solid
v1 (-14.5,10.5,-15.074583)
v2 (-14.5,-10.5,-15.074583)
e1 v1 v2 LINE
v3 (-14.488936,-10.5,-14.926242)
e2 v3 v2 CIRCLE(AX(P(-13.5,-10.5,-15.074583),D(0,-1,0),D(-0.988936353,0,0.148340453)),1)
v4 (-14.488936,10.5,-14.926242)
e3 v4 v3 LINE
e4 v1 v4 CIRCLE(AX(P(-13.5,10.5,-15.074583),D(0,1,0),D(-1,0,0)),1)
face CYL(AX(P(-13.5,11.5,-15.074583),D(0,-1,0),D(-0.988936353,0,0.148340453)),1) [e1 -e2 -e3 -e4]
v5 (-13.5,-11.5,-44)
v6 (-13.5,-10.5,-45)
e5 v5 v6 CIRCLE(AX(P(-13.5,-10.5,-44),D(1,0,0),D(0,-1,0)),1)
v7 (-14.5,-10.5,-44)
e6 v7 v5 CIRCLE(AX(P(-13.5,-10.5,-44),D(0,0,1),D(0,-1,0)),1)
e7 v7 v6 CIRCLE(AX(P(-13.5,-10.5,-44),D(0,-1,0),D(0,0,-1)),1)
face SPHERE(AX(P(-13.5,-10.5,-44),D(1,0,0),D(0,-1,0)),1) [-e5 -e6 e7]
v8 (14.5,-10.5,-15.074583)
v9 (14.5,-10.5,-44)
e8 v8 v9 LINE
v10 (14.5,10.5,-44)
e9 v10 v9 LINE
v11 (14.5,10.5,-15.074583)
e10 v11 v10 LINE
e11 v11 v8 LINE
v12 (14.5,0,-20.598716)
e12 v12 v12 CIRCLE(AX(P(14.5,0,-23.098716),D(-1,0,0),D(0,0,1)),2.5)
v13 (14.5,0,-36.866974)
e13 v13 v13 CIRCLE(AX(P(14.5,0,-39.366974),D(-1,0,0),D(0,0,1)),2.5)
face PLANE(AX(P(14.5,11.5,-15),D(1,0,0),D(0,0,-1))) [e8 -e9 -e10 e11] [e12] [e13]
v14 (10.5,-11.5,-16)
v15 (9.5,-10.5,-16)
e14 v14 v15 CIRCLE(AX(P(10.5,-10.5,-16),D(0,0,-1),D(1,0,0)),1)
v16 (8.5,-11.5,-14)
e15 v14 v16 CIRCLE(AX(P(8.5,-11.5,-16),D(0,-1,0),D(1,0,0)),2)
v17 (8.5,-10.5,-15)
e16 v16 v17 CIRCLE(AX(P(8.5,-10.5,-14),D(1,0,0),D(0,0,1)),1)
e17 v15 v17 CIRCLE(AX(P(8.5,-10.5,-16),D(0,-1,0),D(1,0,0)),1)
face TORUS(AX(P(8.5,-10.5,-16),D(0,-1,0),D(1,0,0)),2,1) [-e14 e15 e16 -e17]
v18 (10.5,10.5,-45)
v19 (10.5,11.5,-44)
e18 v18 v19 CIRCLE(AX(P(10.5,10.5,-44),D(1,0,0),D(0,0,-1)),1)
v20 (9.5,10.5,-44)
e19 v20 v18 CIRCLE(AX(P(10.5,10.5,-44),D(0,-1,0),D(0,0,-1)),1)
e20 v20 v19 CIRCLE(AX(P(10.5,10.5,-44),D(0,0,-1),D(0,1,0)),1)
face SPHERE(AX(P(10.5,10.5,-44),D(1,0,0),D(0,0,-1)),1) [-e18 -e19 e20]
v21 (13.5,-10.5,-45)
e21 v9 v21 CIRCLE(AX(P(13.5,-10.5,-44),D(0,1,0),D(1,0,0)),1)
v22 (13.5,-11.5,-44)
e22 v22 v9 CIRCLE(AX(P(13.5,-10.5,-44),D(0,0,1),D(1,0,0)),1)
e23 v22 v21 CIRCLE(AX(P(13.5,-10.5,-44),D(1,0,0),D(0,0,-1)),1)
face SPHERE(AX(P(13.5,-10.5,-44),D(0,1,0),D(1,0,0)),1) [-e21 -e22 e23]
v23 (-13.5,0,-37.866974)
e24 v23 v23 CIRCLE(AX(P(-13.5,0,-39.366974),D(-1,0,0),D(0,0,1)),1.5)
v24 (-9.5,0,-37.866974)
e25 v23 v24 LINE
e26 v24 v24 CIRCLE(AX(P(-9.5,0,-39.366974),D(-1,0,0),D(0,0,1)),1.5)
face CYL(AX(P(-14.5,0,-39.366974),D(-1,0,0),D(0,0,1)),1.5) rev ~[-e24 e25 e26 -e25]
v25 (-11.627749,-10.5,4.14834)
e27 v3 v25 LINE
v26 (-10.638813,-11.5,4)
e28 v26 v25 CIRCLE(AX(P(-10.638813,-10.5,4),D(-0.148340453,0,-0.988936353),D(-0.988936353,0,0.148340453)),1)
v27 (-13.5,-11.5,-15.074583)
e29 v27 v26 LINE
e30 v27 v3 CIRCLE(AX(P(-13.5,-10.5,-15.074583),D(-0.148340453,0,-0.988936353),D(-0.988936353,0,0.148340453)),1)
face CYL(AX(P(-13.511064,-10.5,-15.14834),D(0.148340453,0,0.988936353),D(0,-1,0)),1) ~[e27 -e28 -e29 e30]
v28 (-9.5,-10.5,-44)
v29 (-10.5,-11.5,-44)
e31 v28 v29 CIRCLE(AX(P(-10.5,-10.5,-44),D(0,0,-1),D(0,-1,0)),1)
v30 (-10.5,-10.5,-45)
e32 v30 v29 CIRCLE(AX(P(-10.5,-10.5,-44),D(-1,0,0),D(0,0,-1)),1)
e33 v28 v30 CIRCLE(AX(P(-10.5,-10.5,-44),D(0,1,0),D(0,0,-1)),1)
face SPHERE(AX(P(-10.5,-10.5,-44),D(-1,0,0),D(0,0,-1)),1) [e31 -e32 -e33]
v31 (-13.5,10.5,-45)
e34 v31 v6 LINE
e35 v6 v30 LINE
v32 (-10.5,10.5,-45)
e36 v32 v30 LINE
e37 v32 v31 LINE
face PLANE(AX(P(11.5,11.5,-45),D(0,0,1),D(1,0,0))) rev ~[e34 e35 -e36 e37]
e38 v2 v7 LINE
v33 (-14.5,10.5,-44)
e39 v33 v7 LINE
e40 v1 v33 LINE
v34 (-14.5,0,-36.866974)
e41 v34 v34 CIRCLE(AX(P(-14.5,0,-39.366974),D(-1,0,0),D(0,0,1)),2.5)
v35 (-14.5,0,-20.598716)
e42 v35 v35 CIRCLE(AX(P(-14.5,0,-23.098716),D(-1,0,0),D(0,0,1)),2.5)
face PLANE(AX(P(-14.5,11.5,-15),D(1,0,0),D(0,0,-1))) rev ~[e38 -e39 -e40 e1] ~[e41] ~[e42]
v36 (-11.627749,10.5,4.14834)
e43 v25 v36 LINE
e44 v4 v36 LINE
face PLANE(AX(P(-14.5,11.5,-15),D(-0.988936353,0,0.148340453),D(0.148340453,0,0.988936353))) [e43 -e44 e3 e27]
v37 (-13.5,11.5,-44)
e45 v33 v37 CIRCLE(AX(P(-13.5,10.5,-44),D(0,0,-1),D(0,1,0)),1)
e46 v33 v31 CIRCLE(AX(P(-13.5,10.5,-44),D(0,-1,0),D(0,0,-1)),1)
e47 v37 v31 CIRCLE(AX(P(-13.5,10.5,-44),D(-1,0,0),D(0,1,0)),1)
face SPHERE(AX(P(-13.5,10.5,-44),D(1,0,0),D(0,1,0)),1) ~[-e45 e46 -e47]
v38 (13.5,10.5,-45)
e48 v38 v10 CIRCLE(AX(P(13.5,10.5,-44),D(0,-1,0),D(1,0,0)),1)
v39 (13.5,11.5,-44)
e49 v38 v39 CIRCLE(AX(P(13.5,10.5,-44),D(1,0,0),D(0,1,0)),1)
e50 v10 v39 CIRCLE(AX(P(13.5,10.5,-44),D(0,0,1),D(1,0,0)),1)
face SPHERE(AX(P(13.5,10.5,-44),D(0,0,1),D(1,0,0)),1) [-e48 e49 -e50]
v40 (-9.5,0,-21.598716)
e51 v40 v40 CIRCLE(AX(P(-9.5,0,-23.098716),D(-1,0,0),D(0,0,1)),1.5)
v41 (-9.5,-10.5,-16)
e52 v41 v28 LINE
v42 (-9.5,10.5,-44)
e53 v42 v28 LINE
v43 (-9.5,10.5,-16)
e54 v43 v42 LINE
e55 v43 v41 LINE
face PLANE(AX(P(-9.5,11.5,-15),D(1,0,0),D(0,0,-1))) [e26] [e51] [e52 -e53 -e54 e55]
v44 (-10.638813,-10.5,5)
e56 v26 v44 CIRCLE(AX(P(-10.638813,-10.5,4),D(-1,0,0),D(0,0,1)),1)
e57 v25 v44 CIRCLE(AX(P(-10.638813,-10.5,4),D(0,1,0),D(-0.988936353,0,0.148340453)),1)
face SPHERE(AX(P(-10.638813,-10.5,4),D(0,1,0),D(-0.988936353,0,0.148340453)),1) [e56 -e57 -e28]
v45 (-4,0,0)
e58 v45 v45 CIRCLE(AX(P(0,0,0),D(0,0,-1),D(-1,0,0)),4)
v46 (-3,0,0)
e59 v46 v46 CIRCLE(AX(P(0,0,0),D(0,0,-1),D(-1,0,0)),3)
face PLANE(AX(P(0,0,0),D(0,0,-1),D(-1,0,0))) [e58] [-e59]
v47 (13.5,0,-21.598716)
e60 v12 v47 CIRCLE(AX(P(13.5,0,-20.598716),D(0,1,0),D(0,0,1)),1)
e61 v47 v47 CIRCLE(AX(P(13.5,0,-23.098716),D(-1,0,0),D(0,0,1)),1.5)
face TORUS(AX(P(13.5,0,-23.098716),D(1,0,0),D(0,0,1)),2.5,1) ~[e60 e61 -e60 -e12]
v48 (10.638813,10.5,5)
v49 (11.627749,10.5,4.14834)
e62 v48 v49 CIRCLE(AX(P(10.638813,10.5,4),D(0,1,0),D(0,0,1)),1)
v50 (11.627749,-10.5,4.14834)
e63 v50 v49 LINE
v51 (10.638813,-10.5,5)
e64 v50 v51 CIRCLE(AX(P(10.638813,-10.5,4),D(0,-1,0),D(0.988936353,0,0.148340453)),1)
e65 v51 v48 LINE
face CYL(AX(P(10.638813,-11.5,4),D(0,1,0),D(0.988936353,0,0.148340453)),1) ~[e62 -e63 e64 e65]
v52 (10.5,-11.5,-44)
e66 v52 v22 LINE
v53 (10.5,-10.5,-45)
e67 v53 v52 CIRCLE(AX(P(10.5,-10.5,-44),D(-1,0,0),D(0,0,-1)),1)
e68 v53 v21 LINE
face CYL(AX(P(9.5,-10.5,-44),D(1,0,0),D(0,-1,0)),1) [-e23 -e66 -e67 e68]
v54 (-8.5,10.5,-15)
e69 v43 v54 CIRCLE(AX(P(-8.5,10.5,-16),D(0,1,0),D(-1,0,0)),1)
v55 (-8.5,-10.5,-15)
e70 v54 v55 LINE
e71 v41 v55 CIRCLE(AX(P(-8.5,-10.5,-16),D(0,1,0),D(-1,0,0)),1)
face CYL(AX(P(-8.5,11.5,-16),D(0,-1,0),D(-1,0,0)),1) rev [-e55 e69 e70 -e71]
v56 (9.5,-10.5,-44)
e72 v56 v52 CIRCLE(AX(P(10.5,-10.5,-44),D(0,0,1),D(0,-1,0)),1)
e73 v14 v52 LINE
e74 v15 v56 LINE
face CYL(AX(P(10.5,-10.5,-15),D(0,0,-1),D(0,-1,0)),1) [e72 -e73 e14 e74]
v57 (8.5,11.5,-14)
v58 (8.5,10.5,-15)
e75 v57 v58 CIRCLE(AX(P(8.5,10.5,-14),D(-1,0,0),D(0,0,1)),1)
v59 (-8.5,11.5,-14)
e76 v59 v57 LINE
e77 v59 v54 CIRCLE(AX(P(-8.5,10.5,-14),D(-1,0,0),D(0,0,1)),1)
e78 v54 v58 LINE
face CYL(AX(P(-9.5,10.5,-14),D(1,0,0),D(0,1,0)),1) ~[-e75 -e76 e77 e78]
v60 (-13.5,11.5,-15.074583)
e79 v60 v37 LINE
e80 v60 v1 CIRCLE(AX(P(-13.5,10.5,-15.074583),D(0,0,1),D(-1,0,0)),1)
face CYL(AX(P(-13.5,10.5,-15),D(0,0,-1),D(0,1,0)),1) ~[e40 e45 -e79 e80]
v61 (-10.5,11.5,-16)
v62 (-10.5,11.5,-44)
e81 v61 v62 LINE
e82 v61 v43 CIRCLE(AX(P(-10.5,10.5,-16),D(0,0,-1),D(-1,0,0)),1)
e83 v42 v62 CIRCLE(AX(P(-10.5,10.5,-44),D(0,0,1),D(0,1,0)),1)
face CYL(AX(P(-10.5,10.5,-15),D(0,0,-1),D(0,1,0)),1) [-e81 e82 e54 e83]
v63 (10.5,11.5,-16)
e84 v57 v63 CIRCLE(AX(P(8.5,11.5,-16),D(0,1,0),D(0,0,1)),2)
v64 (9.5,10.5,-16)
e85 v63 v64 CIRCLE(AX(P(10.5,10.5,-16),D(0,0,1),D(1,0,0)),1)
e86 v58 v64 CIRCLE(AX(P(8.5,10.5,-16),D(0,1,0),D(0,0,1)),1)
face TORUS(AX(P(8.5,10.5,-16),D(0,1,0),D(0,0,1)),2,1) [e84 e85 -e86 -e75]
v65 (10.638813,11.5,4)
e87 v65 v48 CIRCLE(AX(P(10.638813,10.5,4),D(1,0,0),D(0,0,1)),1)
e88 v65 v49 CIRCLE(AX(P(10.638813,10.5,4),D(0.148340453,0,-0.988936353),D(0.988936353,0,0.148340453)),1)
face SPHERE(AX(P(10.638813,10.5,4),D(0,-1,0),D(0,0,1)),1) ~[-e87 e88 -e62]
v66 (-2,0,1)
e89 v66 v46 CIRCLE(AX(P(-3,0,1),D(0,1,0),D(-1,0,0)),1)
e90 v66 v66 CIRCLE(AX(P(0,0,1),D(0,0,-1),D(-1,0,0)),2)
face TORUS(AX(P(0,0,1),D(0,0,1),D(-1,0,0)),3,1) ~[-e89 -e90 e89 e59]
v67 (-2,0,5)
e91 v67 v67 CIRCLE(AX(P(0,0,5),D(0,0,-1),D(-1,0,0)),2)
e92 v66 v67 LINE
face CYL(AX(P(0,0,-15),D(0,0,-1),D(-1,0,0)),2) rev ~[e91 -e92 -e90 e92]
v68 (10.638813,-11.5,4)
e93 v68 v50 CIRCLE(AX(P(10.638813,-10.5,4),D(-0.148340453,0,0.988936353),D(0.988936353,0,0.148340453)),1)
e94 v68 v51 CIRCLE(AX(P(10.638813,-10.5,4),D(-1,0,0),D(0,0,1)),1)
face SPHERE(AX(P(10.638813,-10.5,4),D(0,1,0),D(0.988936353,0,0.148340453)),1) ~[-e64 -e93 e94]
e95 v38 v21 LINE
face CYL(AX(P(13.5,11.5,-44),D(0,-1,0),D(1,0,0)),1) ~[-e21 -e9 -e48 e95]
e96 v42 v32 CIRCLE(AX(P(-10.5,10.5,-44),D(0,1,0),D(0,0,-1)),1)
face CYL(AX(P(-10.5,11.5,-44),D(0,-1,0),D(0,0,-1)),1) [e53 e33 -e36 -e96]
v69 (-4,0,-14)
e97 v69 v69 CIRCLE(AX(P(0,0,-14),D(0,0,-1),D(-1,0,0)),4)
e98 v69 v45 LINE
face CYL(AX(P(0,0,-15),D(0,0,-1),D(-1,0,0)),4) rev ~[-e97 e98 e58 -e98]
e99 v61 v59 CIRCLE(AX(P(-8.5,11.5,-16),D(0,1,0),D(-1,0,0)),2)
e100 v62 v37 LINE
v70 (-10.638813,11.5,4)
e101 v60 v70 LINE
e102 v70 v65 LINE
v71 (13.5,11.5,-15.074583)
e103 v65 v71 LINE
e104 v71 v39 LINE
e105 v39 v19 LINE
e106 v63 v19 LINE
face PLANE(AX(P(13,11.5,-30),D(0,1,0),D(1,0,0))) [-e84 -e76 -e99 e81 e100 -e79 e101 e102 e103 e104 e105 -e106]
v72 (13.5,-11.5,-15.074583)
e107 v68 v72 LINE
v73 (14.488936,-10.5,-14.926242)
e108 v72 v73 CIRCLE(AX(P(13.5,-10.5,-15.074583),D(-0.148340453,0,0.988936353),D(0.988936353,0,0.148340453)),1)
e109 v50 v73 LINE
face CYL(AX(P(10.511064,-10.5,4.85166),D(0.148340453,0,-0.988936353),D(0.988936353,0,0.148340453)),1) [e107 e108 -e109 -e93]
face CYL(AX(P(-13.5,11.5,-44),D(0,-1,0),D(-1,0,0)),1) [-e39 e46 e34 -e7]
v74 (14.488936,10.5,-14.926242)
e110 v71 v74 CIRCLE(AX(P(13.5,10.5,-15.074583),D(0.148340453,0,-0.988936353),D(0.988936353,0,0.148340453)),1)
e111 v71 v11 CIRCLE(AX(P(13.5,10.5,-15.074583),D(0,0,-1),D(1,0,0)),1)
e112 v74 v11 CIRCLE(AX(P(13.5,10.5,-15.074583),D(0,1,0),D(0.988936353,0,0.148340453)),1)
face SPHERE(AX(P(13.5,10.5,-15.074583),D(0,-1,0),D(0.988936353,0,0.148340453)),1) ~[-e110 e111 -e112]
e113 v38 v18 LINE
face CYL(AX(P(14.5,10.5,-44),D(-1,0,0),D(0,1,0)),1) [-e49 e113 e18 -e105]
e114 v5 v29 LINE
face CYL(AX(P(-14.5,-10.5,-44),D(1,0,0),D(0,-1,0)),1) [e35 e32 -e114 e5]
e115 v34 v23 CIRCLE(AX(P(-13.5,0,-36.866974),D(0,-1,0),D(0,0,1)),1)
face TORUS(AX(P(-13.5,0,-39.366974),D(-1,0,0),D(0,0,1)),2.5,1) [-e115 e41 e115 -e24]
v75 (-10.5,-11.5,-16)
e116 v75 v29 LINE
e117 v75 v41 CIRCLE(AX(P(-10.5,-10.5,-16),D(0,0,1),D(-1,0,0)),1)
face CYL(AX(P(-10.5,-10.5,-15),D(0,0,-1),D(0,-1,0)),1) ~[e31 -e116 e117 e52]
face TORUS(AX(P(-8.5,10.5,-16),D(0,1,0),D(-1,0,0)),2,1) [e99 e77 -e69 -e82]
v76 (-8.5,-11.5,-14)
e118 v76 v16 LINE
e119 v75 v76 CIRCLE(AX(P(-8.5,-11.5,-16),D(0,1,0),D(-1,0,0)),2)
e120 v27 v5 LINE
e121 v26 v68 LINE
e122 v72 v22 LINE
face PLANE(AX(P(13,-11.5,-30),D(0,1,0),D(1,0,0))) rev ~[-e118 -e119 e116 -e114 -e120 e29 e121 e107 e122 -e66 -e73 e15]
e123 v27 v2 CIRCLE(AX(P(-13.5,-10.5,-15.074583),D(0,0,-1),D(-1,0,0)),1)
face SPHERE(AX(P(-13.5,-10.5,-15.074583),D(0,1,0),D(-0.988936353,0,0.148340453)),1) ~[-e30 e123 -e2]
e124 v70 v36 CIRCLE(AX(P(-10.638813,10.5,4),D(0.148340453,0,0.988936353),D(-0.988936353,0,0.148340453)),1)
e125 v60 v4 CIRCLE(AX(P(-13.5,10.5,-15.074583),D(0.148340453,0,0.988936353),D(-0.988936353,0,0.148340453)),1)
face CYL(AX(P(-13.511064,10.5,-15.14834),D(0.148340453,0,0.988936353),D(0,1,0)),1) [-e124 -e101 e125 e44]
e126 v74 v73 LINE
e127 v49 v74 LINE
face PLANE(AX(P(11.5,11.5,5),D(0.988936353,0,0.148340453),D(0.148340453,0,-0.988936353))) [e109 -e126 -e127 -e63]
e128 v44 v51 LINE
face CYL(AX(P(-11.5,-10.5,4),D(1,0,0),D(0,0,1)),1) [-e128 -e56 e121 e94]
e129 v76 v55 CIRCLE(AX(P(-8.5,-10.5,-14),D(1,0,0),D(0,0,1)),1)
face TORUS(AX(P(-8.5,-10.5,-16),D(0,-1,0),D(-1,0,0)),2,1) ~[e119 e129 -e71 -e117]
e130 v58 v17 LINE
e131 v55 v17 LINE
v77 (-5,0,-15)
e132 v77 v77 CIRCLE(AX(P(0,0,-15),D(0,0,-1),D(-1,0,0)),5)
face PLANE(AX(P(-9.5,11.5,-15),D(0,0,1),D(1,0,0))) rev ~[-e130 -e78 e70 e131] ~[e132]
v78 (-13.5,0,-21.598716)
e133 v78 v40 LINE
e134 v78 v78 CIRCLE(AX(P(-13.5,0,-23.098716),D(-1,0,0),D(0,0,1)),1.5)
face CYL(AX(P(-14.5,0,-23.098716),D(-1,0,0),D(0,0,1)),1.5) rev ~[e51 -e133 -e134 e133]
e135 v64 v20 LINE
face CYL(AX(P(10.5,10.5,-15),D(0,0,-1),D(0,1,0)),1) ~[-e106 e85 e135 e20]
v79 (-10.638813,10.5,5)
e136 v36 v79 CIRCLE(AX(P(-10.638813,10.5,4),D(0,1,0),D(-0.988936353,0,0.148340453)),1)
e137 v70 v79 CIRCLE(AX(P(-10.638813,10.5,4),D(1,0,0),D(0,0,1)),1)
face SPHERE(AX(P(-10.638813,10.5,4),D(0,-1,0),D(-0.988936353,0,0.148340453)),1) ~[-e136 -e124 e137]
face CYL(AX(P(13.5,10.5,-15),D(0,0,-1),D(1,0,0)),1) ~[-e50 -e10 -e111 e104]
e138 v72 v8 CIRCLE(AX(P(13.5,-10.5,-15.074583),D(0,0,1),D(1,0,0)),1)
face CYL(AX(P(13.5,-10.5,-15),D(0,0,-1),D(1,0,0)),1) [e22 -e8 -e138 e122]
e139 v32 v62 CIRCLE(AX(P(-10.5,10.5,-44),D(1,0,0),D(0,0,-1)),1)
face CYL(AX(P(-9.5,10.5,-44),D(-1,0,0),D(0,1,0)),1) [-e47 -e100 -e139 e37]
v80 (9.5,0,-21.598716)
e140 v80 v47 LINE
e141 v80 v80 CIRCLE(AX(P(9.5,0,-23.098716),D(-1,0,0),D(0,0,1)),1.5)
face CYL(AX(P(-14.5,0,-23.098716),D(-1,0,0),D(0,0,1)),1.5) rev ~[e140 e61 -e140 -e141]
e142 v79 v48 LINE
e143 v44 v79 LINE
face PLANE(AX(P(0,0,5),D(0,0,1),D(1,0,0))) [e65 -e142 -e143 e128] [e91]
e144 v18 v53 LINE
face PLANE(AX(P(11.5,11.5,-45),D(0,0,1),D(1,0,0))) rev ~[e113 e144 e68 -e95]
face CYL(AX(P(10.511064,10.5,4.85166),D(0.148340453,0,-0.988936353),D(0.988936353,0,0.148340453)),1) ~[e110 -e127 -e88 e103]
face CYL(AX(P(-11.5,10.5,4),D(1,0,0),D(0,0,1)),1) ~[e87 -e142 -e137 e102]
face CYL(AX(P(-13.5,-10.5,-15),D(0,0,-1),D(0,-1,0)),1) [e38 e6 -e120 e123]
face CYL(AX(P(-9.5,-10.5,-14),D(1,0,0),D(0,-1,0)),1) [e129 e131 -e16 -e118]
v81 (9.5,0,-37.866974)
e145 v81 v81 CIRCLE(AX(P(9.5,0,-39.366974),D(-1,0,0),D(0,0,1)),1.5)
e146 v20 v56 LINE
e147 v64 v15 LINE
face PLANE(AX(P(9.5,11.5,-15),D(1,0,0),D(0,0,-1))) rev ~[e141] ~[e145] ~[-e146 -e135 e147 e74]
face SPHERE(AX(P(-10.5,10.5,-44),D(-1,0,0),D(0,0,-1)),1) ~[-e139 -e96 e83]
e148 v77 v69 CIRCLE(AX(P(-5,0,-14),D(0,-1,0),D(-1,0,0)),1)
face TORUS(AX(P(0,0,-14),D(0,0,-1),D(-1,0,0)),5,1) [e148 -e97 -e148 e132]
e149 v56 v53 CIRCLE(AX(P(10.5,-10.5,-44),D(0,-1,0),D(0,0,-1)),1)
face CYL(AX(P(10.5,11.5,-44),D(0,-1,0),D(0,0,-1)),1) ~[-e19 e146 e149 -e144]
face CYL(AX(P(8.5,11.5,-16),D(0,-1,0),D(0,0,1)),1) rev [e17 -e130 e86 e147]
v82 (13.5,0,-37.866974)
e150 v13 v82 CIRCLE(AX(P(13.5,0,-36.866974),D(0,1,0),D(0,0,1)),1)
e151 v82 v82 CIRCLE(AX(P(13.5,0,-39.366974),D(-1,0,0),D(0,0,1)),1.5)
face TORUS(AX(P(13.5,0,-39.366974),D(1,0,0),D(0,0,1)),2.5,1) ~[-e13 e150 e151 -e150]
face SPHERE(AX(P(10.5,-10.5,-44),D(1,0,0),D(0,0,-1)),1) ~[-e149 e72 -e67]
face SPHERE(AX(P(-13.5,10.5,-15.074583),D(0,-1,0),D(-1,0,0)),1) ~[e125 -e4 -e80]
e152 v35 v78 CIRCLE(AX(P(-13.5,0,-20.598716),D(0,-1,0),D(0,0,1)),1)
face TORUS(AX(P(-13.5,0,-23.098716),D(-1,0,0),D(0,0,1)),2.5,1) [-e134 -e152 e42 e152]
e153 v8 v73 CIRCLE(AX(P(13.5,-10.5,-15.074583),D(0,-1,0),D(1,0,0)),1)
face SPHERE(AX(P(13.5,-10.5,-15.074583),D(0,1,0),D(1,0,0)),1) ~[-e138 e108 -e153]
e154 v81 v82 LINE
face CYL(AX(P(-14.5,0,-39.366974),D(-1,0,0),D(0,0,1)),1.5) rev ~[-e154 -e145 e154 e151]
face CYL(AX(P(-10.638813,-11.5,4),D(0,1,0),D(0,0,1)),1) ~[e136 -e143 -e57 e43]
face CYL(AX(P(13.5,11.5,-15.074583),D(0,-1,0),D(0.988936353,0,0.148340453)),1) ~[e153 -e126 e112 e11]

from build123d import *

# Parameters (mm, degrees)
SKETCH2_W           = 23
SKETCH2_H           = 23
BOSS_EXTRUDE1_DEPTH = 5
SKETCH2_3_W         = 23
SKETCH2_3_H         = 23
BOSS_EXTRUDE2_DEPTH = 45
SKETCH4_W           = 3
SKETCH4_H           = 30
BOSS_EXTRUDE3_DEPTH = 23
SKETCH4_4_W         = 19
SKETCH4_4_H         = 30
CUT_EXTRUDE1_DEPTH  = 50
SKETCH6_R           = 4
SKETCH6_R_2         = 2
CUT_EXTRUDE3_DEPTH  = 15
SKETCH6_2_R         = 2
CUT_EXTRUDE4_DEPTH  = 36.249113464
SKETCH7_R           = 1.5
CUT_EXTRUDE5_DEPTH  = 55.756278179
FILLET2_R           = 1
FILLET3_R           = 1


with BuildPart() as part:
    # Sketch2 → Boss-Extrude1 (new body)
    with BuildSketch(Plane.XY):
        Rectangle(SKETCH2_W, SKETCH2_H)
    extrude(amount=BOSS_EXTRUDE1_DEPTH)

    # Sketch2<3> → Boss-Extrude2 (add)
    with BuildSketch(Plane.XY):
        Rectangle(SKETCH2_3_W, SKETCH2_3_H)
    extrude(amount=-BOSS_EXTRUDE2_DEPTH)

    # Sketch4 → Boss-Extrude3 (add)
    with BuildSketch(Plane(origin=(0, 11.5, 0), x_dir=(1, 0, 0), z_dir=(0, 1, 0))):
        with Locations((13, 30)):
            Rectangle(SKETCH4_W, SKETCH4_H)
        Polygon((11.5, 15), (11.5, -5), (14.5, 15), align=None)
        with Locations((-13, 30)):
            Rectangle(SKETCH4_W, SKETCH4_H)
        Polygon((-11.5, 15), (-14.5, 15), (-11.5, -5), align=None)
    extrude(amount=-BOSS_EXTRUDE3_DEPTH)

    # Sketch4<4> → Cut-Extrude1 (cut)
    with BuildSketch(Plane(origin=(0, 11.5, 0), x_dir=(1, 0, 0), z_dir=(0, 1, 0))):
        with Locations((0, 30)):
            Rectangle(SKETCH4_4_W, SKETCH4_4_H)
    extrude(amount=-CUT_EXTRUDE1_DEPTH, mode=Mode.SUBTRACT)

    # Sketch6 → Cut-Extrude3 (cut)
    with BuildSketch(Plane(origin=(0, 0, -15), x_dir=(-1, 0, 0), z_dir=(0, 0, -1))):
        Circle(SKETCH6_R)
        Circle(SKETCH6_R_2, mode=Mode.SUBTRACT)
    extrude(amount=-CUT_EXTRUDE3_DEPTH, mode=Mode.SUBTRACT)

    # Sketch6<2> → Cut-Extrude4 (cut, through all)
    with BuildSketch(Plane(origin=(0, 0, -15), x_dir=(-1, 0, 0), z_dir=(0, 0, -1))):
        Circle(SKETCH6_2_R)
    extrude(amount=-CUT_EXTRUDE4_DEPTH, mode=Mode.SUBTRACT)

    # Sketch7 → Cut-Extrude5 (cut, through all)
    with BuildSketch(Plane.ZY.offset(14.5)):
        with Locations((-39.366974098, 0)):
            Circle(SKETCH7_R)
        with Locations((-23.098715856, 0)):
            Circle(SKETCH7_R)
    extrude(amount=-CUT_EXTRUDE5_DEPTH, mode=Mode.SUBTRACT)

    # Fillet2
    fillet2_edges = [part.edges().sort_by_distance(p)[0] for p in [
        (11.5, 0, 5),
        (-12, -11.5, -45),
        (0, 11.5, 5),
        (-12, 11.5, -45),
        (-11.5, 0, 5),
        (14.5, 11.5, -30),
        (13, -11.5, -5),
        (14.5, 0, -15),
        (13, 11.5, -5),
        (14.5, 0, -45),
        (14.5, -11.5, -30),
        (-13, 11.5, -5),
        (-14.5, -11.5, -30),
        (-14.5, 0, -15),
        (-14.5, 11.5, -30),
        (-14.5, 0, -45),
        (-13, -11.5, -5),
        (12, -11.5, -45),
        (12, 11.5, -45),
        (9.5, 0, -45),
        (-9.5, 0, -45),
        (0, -11.5, -15),
        (9.5, 0, -15),
        (-9.5, 0, -15),
        (-9.5, 11.5, -30),
        (9.5, -11.5, -30),
        (-9.5, -11.5, -30),
        (0, 11.5, -15),
        (0, -11.5, 5),
        (9.5, 11.5, -30),
    ]]
    fillet(fillet2_edges, radius=FILLET2_R)

    # Fillet3
    fillet3_edges = [part.edges().sort_by_distance(p)[0] for p in [
        (4, 0, -15),
        (2, 0, 0),
        (14.5, 0, -40.866974098),
        (-14.5, 0, -40.866974098),
        (14.5, 0, -24.598715856),
        (-14.5, 0, -24.598715856),
    ]]
    fillet(fillet3_edges, radius=FILLET3_R)


solid = part.part
